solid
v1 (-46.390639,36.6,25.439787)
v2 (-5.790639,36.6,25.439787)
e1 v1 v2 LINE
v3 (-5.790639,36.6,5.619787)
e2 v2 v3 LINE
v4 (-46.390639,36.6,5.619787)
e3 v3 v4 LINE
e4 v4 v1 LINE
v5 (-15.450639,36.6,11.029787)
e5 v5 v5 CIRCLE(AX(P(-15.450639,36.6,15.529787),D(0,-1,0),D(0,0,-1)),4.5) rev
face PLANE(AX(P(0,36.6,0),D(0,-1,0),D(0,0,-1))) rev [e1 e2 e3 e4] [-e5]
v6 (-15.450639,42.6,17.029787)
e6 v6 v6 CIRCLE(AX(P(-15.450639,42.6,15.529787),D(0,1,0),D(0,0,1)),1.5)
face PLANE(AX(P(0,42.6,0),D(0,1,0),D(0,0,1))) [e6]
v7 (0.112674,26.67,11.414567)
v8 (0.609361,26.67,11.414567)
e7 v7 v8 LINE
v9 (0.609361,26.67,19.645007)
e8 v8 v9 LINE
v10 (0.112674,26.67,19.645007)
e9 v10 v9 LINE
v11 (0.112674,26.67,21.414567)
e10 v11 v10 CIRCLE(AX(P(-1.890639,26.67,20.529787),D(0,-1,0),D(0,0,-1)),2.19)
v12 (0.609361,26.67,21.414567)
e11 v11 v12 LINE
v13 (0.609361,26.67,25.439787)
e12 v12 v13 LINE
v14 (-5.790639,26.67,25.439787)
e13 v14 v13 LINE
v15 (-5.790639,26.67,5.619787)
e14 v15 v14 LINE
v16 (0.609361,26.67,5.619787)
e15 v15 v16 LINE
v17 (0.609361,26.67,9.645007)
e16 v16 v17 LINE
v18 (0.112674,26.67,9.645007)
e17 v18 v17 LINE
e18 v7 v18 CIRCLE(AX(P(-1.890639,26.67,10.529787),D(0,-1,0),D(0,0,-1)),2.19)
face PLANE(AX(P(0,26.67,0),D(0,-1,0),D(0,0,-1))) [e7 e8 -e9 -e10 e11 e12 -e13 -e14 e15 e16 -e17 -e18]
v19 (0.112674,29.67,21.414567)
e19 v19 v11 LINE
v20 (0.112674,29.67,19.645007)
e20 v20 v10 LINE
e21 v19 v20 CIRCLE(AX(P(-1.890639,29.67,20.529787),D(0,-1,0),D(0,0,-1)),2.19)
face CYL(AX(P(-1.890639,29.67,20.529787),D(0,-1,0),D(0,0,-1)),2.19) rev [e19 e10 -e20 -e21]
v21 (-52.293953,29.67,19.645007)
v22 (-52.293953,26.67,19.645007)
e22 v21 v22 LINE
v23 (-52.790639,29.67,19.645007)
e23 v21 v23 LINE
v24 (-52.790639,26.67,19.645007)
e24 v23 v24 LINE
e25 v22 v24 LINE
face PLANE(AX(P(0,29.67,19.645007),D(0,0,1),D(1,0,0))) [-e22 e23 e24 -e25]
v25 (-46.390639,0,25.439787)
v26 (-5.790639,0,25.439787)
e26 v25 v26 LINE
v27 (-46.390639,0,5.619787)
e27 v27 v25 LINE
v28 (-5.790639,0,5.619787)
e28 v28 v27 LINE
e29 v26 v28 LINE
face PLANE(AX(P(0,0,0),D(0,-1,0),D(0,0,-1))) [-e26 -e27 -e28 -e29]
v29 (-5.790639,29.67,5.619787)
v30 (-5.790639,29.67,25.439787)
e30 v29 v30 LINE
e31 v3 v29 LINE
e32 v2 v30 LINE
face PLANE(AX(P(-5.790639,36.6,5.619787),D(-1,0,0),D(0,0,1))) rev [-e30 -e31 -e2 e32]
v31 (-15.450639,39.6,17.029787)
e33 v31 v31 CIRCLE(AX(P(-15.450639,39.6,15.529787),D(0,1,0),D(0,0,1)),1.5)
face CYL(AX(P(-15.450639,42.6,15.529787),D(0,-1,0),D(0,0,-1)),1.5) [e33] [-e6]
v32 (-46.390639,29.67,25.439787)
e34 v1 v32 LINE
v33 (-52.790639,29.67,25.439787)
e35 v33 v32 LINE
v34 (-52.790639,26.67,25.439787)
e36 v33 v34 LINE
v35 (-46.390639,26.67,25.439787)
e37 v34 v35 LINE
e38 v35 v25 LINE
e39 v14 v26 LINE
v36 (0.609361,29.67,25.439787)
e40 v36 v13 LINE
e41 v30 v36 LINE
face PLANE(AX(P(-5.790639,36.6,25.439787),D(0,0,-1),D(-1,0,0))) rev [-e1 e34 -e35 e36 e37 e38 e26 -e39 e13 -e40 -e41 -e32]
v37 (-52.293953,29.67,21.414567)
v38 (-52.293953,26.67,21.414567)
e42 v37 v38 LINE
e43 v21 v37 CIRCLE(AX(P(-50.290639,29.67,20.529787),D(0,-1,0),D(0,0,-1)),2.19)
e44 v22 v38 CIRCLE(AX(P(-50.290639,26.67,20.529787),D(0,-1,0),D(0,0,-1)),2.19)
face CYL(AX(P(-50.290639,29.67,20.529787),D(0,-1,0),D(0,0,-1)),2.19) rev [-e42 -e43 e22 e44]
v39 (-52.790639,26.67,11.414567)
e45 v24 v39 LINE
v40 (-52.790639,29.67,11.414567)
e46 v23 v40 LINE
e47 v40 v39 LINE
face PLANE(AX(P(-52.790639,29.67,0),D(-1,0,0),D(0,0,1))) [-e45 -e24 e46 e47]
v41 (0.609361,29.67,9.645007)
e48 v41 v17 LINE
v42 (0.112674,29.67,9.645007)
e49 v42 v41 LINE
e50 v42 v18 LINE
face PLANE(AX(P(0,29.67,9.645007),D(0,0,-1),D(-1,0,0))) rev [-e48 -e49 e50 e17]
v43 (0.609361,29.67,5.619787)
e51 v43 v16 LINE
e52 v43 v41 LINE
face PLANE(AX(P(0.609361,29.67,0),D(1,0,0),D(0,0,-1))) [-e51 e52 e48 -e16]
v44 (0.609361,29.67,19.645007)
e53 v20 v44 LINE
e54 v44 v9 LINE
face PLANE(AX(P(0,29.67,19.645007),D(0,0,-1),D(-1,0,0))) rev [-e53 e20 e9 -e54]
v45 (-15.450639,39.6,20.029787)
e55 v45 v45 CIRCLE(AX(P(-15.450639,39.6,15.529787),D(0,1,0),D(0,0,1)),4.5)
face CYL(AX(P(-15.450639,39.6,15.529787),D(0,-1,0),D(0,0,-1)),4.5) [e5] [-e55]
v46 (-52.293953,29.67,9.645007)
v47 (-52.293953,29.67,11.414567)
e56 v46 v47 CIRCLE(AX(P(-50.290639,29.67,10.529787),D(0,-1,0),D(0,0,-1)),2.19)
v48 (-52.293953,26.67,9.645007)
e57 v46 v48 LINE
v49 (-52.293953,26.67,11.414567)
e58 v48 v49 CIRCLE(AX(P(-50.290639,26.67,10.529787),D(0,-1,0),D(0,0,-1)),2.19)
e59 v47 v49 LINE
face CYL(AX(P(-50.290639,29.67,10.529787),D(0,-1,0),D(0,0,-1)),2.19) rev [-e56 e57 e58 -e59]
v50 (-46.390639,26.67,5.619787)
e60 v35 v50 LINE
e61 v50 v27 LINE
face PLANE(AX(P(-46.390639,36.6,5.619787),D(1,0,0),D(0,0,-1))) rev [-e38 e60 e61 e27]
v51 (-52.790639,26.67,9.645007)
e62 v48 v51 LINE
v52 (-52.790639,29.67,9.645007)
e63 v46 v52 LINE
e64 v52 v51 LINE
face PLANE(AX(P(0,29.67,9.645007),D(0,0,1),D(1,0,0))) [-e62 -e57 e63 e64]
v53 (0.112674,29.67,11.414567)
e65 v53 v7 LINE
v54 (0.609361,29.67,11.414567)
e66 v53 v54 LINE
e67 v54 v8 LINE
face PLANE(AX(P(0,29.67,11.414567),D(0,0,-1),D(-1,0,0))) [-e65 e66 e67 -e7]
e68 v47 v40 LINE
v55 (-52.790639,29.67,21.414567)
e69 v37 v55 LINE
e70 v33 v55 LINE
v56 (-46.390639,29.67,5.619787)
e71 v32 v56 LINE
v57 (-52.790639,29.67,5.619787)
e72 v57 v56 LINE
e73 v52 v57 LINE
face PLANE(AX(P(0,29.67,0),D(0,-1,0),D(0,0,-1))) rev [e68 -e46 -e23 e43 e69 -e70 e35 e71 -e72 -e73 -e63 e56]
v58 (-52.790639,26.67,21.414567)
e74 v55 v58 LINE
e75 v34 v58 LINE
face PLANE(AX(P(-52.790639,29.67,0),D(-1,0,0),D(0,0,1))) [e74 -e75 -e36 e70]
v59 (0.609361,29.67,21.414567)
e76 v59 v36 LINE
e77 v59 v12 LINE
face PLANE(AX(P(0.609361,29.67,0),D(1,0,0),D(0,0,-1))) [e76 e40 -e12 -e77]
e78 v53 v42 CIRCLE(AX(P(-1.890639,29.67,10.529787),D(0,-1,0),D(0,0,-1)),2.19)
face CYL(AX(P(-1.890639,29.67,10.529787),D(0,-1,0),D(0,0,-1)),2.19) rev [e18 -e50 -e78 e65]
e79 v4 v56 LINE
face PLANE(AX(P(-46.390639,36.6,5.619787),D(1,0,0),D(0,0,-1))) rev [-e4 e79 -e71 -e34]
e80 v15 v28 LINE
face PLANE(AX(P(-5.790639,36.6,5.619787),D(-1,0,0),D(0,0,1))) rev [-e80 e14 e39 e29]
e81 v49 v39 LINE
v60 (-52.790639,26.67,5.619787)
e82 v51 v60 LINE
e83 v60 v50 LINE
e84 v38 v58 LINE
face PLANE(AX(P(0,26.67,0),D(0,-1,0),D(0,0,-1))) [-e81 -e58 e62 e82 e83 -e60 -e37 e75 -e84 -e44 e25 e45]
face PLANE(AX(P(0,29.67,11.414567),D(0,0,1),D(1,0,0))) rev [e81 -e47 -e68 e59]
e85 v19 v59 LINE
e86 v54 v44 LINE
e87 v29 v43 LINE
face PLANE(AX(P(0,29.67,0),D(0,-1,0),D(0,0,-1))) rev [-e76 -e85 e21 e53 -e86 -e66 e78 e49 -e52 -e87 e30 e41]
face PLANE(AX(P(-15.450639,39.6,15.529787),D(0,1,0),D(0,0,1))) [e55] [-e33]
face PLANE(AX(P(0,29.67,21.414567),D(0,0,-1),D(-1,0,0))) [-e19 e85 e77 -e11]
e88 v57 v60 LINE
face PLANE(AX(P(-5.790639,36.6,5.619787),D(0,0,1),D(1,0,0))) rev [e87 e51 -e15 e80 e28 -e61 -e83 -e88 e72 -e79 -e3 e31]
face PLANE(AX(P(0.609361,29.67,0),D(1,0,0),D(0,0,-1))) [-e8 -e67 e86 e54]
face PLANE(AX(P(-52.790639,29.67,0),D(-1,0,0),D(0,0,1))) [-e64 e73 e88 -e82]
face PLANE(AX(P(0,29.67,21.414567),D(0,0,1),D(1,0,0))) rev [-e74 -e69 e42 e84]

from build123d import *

# Parameters (mm, degrees)
ESQUISSE2_W        = 40.6
ESQUISSE2_H        = 19.82
BOSS_EXTRU_1_DEPTH = 36.6
ESQUISSE5_R        = 1.5
BOSS_EXTRU_2_DEPTH = 6
BOSS_EXTRU_3_DEPTH = 3
ESQUISSE5_3_R      = 4.5
ESQUISSE5_3_R_2    = 1.5
BOSS_EXTRU_4_DEPTH = 3


with BuildPart() as part:
    # Esquisse2 → Boss.-Extru.1 (new body)
    with BuildSketch(Plane(origin=(0, 0, 0), x_dir=(1, 0, 0), z_dir=(0, 1, 0))):
        with Locations((-26.090639329, -15.529787325)):
            Rectangle(ESQUISSE2_W, ESQUISSE2_H)
    extrude(amount=BOSS_EXTRU_1_DEPTH)

    # Esquisse5 → Boss.-Extru.2 (add)
    with BuildSketch(Plane(origin=(0, 36.6, 0), x_dir=(1, 0, 0), z_dir=(0, 1, 0))):
        with Locations((-15.450639329, -15.529787325)):
            Circle(ESQUISSE5_R)
    extrude(amount=BOSS_EXTRU_2_DEPTH)

    # Esquisse12 → Boss.-Extru.3 (add)
    with BuildSketch(Plane(origin=(0, 26.67, 0), x_dir=(-1, 0, 0), z_dir=(0, -1, 0))):
        with BuildLine():
            Line((46.390639329, -25.439787325), (52.790639329, -25.439787325))
            Line((52.790639329, -25.439787325), (52.790639329, -21.414567223))
            Line((52.790639329, -21.414567223), (52.293952717, -21.414567223))
            ThreePointArc((52.293952717, -21.414567223), (48.100639329, -20.529787325), (52.293952717, -19.645007427))
            Line((52.293952717, -19.645007427), (52.790639329, -19.645007427))
            Line((52.790639329, -19.645007427), (52.790639329, -11.414567223))
            Line((52.790639329, -11.414567223), (52.293952717, -11.414567223))
            ThreePointArc((52.293952717, -11.414567223), (48.100639329, -10.529787325), (52.293952717, -9.645007427))
            Line((52.293952717, -9.645007427), (52.790639329, -9.645007427))
            Line((52.790639329, -9.645007427), (52.790639329, -5.619787325))
            Line((52.790639329, -5.619787325), (46.390639329, -5.619787325))
            Line((46.390639329, -5.619787325), (46.390639329, -25.439787325))
        make_face()
        with BuildLine():
            Line((5.790639329, -25.439787325), (5.790639329, -5.619787325))
            Line((5.790639329, -5.619787325), (-0.609360671, -5.619787325))
            Line((-0.609360671, -5.619787325), (-0.609360671, -9.645007427))
            Line((-0.609360671, -9.645007427), (-0.112674059, -9.645007427))
            ThreePointArc((-0.112674059, -9.645007427), (4.080639329, -10.529787325), (-0.112674059, -11.414567223))
            Line((-0.112674059, -11.414567223), (-0.609360671, -11.414567223))
            Line((-0.609360671, -11.414567223), (-0.609360671, -19.645007427))
            Line((-0.609360671, -19.645007427), (-0.112674059, -19.645007427))
            ThreePointArc((-0.112674059, -19.645007427), (4.080639329, -20.529787325), (-0.112674059, -21.414567223))
            Line((-0.112674059, -21.414567223), (-0.609360671, -21.414567223))
            Line((-0.609360671, -21.414567223), (-0.609360671, -25.439787325))
            Line((-0.609360671, -25.439787325), (5.790639329, -25.439787325))
        make_face()
    extrude(amount=-BOSS_EXTRU_3_DEPTH)

    # Esquisse5<3> → Boss.-Extru.4 (add)
    with BuildSketch(Plane(origin=(0, 36.6, 0), x_dir=(1, 0, 0), z_dir=(0, 1, 0))):
        with Locations((-15.450639329, -15.529787325)):
            Circle(ESQUISSE5_3_R)
        with Locations((-15.450639329, -15.529787325)):
            Circle(ESQUISSE5_3_R_2, mode=Mode.SUBTRACT)
    extrude(amount=BOSS_EXTRU_4_DEPTH)


solid = part.part
